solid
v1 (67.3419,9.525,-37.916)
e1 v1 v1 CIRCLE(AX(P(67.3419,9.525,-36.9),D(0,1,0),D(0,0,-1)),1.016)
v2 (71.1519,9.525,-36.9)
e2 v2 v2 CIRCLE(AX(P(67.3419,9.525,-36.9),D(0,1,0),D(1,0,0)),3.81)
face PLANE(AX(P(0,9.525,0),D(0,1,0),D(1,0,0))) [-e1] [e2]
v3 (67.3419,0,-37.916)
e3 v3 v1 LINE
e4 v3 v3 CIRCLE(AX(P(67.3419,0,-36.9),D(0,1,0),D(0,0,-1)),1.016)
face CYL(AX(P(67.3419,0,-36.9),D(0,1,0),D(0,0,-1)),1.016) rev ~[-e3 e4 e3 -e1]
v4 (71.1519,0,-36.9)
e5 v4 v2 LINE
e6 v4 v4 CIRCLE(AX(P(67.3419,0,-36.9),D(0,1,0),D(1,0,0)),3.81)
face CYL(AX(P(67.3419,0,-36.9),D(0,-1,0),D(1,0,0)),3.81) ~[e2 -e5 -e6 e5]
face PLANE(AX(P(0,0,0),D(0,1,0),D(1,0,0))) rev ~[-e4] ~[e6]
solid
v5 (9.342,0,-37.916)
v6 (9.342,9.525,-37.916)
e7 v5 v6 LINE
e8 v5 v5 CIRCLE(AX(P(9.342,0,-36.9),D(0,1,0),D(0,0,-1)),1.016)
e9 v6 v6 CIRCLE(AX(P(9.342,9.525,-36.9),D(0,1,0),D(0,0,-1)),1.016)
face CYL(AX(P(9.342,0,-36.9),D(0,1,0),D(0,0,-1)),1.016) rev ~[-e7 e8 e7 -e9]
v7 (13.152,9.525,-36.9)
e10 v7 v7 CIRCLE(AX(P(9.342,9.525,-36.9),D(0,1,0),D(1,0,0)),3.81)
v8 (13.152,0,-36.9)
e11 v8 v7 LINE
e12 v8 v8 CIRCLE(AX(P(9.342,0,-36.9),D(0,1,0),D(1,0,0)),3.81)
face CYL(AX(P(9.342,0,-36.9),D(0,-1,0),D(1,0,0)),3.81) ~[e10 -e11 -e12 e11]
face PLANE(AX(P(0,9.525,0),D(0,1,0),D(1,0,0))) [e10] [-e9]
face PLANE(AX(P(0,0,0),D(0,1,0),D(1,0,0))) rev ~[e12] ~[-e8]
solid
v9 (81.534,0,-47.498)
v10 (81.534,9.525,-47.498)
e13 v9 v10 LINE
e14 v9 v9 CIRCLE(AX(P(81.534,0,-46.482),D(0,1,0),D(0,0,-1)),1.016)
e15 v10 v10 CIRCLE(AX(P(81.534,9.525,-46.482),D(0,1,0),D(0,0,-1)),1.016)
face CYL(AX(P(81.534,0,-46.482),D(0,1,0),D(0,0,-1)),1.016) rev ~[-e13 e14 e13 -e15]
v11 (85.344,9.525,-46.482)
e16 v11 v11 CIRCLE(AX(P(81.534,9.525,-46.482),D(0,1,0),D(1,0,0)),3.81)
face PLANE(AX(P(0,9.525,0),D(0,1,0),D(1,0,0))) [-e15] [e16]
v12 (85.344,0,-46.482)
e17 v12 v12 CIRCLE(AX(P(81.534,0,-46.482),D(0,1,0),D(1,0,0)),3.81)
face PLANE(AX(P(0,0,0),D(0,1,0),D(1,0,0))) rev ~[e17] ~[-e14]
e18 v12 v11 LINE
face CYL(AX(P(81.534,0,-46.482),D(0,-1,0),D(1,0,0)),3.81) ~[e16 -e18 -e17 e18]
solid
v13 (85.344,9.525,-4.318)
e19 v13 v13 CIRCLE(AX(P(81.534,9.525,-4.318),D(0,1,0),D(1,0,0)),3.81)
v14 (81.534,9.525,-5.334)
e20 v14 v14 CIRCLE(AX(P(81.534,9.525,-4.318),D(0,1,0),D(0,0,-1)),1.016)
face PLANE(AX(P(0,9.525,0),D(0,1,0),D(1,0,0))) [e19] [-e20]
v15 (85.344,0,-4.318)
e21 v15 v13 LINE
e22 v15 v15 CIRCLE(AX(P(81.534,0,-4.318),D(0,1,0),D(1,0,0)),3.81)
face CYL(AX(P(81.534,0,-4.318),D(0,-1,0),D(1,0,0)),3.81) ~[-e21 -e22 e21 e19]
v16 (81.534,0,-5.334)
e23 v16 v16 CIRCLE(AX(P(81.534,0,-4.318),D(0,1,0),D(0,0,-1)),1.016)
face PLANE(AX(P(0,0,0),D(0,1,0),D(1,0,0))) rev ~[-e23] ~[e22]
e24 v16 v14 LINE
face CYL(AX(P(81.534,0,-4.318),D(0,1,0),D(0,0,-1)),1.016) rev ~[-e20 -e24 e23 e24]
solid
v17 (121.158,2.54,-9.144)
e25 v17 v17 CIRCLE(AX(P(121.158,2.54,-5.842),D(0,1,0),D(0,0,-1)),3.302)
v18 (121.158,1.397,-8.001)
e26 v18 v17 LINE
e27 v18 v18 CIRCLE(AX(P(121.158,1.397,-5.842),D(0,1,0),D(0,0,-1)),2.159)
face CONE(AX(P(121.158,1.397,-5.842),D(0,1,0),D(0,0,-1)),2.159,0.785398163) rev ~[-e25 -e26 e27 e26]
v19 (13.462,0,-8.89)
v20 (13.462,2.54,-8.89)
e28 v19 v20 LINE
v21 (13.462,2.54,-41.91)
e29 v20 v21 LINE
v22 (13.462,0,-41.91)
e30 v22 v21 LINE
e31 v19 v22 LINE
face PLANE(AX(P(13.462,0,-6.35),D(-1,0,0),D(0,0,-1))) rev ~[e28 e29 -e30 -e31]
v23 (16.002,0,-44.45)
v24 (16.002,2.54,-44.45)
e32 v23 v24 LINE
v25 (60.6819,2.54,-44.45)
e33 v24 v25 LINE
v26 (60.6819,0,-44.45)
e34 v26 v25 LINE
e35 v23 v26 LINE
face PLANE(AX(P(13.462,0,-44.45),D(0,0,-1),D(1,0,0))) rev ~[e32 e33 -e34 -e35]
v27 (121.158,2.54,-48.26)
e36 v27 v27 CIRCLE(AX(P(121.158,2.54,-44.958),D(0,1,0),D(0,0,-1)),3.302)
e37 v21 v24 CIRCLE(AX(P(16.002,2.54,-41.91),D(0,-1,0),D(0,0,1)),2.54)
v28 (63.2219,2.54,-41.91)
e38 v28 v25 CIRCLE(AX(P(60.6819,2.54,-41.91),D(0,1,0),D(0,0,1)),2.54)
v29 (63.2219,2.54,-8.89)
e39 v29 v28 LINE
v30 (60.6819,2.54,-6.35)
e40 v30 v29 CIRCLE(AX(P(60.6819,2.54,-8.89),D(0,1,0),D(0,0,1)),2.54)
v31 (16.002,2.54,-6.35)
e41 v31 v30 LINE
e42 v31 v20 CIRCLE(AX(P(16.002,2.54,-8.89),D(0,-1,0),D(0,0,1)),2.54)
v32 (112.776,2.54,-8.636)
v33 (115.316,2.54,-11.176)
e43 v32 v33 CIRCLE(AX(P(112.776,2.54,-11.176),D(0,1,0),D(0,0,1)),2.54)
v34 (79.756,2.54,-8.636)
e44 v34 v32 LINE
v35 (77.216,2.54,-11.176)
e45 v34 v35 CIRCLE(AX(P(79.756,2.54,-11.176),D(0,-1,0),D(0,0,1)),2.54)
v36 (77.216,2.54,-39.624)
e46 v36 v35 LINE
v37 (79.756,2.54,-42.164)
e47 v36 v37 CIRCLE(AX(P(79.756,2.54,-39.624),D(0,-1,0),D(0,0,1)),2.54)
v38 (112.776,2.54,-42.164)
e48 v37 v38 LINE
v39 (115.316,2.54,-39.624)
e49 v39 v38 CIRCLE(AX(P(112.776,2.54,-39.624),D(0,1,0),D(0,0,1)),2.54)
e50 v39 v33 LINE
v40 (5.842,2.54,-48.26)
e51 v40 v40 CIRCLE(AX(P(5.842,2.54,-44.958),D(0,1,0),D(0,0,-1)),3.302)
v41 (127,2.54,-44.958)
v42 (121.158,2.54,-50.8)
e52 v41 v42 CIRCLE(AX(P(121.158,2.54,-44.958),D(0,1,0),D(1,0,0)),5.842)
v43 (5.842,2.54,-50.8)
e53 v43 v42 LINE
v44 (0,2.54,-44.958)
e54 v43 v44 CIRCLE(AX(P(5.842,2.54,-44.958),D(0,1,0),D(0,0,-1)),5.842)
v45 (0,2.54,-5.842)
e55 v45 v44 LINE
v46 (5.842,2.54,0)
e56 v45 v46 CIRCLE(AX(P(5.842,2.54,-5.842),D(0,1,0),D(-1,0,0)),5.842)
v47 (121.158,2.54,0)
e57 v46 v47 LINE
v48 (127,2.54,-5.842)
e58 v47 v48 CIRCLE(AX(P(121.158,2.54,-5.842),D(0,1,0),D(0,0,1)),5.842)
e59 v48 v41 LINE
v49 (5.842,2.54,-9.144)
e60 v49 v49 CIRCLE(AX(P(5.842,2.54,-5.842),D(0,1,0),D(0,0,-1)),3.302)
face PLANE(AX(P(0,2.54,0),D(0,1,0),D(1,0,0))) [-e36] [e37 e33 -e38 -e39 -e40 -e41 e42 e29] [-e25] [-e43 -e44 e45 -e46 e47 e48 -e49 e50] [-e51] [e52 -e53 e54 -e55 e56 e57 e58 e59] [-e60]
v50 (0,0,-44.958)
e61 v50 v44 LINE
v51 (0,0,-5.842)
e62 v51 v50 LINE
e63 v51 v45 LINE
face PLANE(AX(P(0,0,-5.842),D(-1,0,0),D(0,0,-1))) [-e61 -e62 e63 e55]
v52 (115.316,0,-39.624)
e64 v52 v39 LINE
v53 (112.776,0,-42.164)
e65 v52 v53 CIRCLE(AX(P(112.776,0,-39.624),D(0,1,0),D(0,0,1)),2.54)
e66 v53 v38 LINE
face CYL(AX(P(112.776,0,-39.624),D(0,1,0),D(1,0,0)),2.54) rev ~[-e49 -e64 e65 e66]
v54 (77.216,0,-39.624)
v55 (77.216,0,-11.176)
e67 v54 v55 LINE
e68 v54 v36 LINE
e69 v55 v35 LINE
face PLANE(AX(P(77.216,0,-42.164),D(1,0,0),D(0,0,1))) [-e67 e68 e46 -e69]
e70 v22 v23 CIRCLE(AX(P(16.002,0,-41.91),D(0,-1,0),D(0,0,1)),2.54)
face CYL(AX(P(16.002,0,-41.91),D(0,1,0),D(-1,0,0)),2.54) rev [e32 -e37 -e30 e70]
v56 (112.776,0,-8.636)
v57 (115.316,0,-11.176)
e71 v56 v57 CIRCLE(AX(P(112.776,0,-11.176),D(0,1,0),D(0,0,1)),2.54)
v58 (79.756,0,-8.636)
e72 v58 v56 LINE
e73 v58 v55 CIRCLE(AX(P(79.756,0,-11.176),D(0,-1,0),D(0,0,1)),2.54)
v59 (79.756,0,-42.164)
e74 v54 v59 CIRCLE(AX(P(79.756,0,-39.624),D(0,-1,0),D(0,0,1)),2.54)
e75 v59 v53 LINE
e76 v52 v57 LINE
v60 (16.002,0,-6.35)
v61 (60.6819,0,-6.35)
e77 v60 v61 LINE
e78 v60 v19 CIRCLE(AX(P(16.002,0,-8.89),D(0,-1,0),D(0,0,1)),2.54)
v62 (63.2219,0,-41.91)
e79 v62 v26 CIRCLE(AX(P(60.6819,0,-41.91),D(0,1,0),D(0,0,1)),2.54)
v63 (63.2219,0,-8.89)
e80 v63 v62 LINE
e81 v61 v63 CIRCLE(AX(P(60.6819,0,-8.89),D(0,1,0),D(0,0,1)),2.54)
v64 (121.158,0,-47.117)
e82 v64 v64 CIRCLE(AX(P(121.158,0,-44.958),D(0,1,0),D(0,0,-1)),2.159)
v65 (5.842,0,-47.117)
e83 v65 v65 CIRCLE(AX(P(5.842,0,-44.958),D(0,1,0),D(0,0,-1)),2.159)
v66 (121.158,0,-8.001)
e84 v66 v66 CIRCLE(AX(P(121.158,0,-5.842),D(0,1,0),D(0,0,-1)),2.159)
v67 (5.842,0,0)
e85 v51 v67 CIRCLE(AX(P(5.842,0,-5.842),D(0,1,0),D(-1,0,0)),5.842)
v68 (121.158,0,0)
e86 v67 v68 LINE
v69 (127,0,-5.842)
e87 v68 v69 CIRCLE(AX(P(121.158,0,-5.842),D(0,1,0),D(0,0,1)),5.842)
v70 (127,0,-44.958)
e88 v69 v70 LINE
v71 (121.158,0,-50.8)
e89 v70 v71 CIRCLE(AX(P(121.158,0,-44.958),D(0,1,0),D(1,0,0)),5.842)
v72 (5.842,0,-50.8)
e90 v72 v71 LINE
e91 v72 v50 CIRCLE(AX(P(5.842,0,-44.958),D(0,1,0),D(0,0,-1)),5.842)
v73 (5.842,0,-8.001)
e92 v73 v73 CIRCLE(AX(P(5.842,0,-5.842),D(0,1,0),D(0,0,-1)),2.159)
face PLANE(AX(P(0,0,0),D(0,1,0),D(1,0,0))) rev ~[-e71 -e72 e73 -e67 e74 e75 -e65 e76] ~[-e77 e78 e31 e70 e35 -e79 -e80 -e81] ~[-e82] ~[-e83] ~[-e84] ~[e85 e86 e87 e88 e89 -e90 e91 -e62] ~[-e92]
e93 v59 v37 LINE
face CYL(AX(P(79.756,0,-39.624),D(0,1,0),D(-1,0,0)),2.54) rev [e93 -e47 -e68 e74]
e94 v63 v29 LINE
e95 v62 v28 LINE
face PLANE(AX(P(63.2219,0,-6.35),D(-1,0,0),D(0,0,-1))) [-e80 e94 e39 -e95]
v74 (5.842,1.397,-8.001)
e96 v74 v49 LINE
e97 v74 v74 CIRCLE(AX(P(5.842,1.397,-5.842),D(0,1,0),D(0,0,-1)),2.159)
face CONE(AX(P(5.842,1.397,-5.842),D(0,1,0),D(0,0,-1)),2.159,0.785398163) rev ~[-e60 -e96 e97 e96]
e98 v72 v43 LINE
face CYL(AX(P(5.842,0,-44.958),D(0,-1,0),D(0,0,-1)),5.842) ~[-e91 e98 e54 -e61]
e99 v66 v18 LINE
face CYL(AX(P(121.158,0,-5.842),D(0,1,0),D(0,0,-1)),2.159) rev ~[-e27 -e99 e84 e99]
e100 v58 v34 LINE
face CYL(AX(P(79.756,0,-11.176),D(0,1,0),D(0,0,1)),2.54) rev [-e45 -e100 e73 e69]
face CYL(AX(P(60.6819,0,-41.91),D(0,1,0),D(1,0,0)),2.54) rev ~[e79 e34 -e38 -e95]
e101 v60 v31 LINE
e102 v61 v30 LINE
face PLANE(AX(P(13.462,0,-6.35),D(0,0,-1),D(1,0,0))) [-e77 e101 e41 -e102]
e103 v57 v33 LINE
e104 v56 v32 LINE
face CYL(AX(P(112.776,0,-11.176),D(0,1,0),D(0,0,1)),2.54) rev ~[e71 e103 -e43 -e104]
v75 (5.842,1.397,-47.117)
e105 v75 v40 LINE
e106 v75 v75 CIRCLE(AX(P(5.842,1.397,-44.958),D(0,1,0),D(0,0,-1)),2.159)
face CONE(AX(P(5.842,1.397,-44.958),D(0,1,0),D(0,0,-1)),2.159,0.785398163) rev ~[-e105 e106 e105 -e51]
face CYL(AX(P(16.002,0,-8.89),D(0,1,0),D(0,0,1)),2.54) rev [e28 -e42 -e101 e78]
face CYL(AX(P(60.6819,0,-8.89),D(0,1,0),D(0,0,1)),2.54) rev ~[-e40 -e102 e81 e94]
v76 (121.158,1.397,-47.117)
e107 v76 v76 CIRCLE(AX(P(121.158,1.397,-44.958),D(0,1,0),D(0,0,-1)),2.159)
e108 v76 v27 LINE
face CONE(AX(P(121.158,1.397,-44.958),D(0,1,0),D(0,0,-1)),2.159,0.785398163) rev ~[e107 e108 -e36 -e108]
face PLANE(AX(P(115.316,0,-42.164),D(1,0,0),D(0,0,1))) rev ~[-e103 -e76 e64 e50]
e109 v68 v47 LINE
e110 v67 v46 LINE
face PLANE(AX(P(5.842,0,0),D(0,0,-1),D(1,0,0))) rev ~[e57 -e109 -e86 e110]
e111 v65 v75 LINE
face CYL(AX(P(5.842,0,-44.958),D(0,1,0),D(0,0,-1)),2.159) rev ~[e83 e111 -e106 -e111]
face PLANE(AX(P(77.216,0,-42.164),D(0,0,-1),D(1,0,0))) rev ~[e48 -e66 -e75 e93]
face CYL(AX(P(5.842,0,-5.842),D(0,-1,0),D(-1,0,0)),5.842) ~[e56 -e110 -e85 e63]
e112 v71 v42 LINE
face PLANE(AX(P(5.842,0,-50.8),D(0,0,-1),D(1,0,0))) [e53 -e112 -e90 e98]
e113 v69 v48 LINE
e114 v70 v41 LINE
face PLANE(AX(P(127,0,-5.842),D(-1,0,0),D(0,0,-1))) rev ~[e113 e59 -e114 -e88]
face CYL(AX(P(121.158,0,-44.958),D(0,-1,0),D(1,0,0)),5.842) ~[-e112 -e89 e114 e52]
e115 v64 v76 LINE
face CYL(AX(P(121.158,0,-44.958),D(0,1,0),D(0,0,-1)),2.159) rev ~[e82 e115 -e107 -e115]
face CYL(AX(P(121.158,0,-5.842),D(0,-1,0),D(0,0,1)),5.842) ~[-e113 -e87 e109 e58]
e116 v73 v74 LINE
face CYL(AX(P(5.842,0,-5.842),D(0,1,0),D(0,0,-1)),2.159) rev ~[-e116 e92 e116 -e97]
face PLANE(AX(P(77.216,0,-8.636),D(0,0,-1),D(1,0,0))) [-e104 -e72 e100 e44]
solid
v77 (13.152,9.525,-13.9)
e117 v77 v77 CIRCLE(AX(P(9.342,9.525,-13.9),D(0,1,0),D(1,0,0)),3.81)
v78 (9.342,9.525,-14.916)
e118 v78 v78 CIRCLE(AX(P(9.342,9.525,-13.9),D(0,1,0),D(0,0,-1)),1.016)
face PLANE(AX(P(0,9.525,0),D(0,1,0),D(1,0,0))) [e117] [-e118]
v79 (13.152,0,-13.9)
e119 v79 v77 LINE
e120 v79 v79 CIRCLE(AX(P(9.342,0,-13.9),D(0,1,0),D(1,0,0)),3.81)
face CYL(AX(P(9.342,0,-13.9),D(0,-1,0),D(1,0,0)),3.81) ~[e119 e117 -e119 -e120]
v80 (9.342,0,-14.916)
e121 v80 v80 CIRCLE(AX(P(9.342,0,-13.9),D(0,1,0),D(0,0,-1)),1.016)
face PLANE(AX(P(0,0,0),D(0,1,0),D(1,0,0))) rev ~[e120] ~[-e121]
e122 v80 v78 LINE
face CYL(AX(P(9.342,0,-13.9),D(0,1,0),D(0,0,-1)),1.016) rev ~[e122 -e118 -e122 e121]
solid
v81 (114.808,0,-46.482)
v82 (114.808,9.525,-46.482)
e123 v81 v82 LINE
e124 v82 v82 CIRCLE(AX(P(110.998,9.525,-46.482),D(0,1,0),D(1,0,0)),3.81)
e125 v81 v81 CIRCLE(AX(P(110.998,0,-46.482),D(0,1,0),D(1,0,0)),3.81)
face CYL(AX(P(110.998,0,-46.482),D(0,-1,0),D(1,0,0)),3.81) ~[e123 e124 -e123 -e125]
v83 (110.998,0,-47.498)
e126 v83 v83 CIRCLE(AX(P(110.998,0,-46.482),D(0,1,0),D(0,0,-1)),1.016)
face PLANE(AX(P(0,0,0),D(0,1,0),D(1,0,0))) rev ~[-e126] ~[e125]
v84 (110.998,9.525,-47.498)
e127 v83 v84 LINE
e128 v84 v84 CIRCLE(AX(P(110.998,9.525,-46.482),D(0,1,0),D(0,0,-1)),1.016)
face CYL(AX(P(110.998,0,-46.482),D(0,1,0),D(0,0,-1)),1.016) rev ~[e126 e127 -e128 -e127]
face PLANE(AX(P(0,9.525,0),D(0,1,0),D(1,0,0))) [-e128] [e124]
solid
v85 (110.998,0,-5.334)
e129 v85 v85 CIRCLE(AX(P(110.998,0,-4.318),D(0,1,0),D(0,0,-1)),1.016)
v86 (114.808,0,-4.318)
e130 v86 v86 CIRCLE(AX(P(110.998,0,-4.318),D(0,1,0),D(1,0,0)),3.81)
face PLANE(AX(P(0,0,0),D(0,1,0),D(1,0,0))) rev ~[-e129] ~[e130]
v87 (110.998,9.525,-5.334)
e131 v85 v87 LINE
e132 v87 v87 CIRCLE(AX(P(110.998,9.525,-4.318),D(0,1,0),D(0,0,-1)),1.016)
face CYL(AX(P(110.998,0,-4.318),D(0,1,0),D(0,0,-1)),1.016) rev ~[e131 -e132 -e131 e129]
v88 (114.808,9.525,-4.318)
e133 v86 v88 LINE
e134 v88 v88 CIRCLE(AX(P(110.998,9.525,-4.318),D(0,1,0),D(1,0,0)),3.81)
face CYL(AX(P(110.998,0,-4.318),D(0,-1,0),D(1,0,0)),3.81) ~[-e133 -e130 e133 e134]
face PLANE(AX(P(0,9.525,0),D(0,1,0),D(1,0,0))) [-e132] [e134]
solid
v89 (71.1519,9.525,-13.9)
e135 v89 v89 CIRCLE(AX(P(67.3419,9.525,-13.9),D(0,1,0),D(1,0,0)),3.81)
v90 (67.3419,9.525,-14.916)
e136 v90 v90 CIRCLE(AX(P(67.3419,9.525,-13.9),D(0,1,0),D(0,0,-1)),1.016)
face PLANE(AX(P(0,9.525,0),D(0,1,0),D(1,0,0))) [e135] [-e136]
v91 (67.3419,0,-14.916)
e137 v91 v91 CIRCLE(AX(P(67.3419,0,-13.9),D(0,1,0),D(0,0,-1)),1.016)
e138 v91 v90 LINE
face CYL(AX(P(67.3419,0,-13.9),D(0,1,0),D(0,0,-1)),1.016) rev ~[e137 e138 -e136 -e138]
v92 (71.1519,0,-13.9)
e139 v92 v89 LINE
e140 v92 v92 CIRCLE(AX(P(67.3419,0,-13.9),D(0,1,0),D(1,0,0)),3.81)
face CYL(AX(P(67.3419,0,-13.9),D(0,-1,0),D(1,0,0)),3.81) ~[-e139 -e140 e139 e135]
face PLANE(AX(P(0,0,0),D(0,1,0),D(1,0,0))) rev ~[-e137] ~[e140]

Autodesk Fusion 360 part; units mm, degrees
sketch "esu-bridge-bracket" plane through (0, 0, 0) normal (0, 1, 0) x (1, 0, 0)
  circle A0 centre (121.158, 44.958) radius 3.302
  circle A1 centre (121.158, 5.842) radius 3.302
  line L0 (13.462, 6.35) -> (13.462, 44.45)
  circle A2 centre (5.842, 44.958) radius 2.159
  circle A3 centre (81.534, 46.482) radius 3.81
  line L1 (13.462, 6.35) -> (63.2219, 6.35)
  line L2 (77.216, 8.636) -> (115.316, 8.636)
  arc A4 (0, 5.842) -> (5.842, 0) centre (5.842, 5.842) ccw
  arc A5 (5.842, 50.8) -> (0, 44.958) centre (5.842, 44.958) ccw
  arc A6 (121.158, 0) -> (127, 5.842) centre (121.158, 5.842) ccw
  line L3 (13.462, 44.45) -> (63.2219, 44.45)
  line L4 (127, 5.842) -> (127, 44.958)
  line L5 (63.2219, 6.35) -> (63.2219, 44.45)
  circle A7 centre (5.842, 5.842) radius 2.159
  circle A8 centre (121.158, 44.958) radius 2.159
  circle A9 centre (110.998, 4.318) radius 1.143
  arc A10 (127, 44.958) -> (121.158, 50.8) centre (121.158, 44.958) ccw
  line L6 (0, 5.842) -> (0, 44.958)
  circle A11 centre (110.998, 46.482) radius 3.81
  line L7 (115.316, 42.164) -> (115.316, 8.636)
  circle A12 centre (67.3419, 36.9) radius 3.81
  circle A13 centre (67.3419, 36.9) radius 1.143
  circle A14 centre (121.158, 5.842) radius 2.159
  circle A15 centre (5.842, 5.842) radius 3.302
  line L8 (5.842, 50.8) -> (121.158, 50.8)
  circle A16 centre (5.842, 44.958) radius 3.302
  line L9 (77.216, 42.164) -> (115.316, 42.164)
  circle A17 centre (81.534, 46.482) radius 1.143
  line L10 (77.216, 42.164) -> (77.216, 8.636)
  circle A18 centre (9.342, 36.9) radius 3.81
  circle A19 centre (81.534, 4.318) radius 3.81
  circle A20 centre (9.342, 13.9) radius 1.143
  circle A21 centre (9.342, 36.9) radius 1.143
  circle A22 centre (81.534, 4.318) radius 1.143
  circle A23 centre (67.3419, 13.9) radius 3.81
  circle A24 centre (110.998, 46.482) radius 1.143
  line L11 (5.842, 0) -> (121.158, 0)
  circle A25 centre (67.3419, 13.9) radius 1.143
  circle A26 centre (9.342, 13.9) radius 3.81
  circle A27 centre (110.998, 4.318) radius 3.81
extrude "Extrude5" add sketch "esu-bridge-bracket" along normal blind 2.54 contours A0 | A1 | A2 | A3 | A4 A5 A6 L4 A10 L6 L8 L11 | A7 | A8 | A9 | A11 | A12 | A13 | A14 | A15 | A16 | A17 | A18 | A19 | A20 | A21 | A22 | A23 | A24 | A25 | A26 | A27 makes body 1
extrude "Extrude7" add sketch "esu-bridge-bracket" along normal blind 9.525 separate body contours A3 | A9 | A11 | A12 | A13 | A17 | A18 | A19 | A20 | A21 | A22 | A23 | A24 | A25 | A26 | A27 makes body 2 at (85.3393, 6.35, -4.1281) makes body 3 at (13.1473, 6.35, -13.7101) makes body 4 at (69.8629, 6.35, -16.7567) makes body 5 at (114.8033, 6.35, -4.1281) makes body 6 at (85.3393, 6.35, -46.2921) makes body 7 at (13.1473, 6.35, -36.7101) makes body 8 at (71.1471, 6.35, -36.7101) makes body 9 at (108.3377, 6.35, -49.2095)
hole "Hole1" at (5.842, 0, -44.958) at (5.842, 0, -5.842) at (121.158, 0, -5.842) at (121.158, 0, -44.958) direction (0, 1, 0) diameter 4.318 depth 2.54 tip angle 118 bodies 1
fillet "Fillet1" radius 2.54 4 edges at (13.462, 1.27, -44.45) (13.462, 1.27, -6.35) (63.2219, 1.27, -6.35) (63.2219, 1.27, -44.45) on bodies 1
fillet "Fillet2" radius 2.54 4 edges at (115.316, 1.27, -8.636) (115.316, 1.27, -42.164) (77.216, 1.27, -42.164) (77.216, 1.27, -8.636) on bodies 1
hole "Hole2" at (9.342, 0, -13.9) at (9.342, 0, -36.9) at (67.3419, 0, -36.9) at (67.3419, 0, -13.9) at (81.534, 0, -4.318) at (110.998, 0, -4.318) at (110.998, 0, -46.482) at (81.534, 0, -46.482) direction (0, 1, 0) diameter 2.032 depth 9.525 tip angle 180 bodies 2 8 6 9 7 5 3 4
chamfer "Chamfer1" distance 1.143 angle 45 4 edges at (5.0613, 2.54, -3.8291) (120.3773, 2.54, -3.8291) (120.3773, 2.54, -42.9451) (5.0613, 2.54, -42.9451) on bodies 1
